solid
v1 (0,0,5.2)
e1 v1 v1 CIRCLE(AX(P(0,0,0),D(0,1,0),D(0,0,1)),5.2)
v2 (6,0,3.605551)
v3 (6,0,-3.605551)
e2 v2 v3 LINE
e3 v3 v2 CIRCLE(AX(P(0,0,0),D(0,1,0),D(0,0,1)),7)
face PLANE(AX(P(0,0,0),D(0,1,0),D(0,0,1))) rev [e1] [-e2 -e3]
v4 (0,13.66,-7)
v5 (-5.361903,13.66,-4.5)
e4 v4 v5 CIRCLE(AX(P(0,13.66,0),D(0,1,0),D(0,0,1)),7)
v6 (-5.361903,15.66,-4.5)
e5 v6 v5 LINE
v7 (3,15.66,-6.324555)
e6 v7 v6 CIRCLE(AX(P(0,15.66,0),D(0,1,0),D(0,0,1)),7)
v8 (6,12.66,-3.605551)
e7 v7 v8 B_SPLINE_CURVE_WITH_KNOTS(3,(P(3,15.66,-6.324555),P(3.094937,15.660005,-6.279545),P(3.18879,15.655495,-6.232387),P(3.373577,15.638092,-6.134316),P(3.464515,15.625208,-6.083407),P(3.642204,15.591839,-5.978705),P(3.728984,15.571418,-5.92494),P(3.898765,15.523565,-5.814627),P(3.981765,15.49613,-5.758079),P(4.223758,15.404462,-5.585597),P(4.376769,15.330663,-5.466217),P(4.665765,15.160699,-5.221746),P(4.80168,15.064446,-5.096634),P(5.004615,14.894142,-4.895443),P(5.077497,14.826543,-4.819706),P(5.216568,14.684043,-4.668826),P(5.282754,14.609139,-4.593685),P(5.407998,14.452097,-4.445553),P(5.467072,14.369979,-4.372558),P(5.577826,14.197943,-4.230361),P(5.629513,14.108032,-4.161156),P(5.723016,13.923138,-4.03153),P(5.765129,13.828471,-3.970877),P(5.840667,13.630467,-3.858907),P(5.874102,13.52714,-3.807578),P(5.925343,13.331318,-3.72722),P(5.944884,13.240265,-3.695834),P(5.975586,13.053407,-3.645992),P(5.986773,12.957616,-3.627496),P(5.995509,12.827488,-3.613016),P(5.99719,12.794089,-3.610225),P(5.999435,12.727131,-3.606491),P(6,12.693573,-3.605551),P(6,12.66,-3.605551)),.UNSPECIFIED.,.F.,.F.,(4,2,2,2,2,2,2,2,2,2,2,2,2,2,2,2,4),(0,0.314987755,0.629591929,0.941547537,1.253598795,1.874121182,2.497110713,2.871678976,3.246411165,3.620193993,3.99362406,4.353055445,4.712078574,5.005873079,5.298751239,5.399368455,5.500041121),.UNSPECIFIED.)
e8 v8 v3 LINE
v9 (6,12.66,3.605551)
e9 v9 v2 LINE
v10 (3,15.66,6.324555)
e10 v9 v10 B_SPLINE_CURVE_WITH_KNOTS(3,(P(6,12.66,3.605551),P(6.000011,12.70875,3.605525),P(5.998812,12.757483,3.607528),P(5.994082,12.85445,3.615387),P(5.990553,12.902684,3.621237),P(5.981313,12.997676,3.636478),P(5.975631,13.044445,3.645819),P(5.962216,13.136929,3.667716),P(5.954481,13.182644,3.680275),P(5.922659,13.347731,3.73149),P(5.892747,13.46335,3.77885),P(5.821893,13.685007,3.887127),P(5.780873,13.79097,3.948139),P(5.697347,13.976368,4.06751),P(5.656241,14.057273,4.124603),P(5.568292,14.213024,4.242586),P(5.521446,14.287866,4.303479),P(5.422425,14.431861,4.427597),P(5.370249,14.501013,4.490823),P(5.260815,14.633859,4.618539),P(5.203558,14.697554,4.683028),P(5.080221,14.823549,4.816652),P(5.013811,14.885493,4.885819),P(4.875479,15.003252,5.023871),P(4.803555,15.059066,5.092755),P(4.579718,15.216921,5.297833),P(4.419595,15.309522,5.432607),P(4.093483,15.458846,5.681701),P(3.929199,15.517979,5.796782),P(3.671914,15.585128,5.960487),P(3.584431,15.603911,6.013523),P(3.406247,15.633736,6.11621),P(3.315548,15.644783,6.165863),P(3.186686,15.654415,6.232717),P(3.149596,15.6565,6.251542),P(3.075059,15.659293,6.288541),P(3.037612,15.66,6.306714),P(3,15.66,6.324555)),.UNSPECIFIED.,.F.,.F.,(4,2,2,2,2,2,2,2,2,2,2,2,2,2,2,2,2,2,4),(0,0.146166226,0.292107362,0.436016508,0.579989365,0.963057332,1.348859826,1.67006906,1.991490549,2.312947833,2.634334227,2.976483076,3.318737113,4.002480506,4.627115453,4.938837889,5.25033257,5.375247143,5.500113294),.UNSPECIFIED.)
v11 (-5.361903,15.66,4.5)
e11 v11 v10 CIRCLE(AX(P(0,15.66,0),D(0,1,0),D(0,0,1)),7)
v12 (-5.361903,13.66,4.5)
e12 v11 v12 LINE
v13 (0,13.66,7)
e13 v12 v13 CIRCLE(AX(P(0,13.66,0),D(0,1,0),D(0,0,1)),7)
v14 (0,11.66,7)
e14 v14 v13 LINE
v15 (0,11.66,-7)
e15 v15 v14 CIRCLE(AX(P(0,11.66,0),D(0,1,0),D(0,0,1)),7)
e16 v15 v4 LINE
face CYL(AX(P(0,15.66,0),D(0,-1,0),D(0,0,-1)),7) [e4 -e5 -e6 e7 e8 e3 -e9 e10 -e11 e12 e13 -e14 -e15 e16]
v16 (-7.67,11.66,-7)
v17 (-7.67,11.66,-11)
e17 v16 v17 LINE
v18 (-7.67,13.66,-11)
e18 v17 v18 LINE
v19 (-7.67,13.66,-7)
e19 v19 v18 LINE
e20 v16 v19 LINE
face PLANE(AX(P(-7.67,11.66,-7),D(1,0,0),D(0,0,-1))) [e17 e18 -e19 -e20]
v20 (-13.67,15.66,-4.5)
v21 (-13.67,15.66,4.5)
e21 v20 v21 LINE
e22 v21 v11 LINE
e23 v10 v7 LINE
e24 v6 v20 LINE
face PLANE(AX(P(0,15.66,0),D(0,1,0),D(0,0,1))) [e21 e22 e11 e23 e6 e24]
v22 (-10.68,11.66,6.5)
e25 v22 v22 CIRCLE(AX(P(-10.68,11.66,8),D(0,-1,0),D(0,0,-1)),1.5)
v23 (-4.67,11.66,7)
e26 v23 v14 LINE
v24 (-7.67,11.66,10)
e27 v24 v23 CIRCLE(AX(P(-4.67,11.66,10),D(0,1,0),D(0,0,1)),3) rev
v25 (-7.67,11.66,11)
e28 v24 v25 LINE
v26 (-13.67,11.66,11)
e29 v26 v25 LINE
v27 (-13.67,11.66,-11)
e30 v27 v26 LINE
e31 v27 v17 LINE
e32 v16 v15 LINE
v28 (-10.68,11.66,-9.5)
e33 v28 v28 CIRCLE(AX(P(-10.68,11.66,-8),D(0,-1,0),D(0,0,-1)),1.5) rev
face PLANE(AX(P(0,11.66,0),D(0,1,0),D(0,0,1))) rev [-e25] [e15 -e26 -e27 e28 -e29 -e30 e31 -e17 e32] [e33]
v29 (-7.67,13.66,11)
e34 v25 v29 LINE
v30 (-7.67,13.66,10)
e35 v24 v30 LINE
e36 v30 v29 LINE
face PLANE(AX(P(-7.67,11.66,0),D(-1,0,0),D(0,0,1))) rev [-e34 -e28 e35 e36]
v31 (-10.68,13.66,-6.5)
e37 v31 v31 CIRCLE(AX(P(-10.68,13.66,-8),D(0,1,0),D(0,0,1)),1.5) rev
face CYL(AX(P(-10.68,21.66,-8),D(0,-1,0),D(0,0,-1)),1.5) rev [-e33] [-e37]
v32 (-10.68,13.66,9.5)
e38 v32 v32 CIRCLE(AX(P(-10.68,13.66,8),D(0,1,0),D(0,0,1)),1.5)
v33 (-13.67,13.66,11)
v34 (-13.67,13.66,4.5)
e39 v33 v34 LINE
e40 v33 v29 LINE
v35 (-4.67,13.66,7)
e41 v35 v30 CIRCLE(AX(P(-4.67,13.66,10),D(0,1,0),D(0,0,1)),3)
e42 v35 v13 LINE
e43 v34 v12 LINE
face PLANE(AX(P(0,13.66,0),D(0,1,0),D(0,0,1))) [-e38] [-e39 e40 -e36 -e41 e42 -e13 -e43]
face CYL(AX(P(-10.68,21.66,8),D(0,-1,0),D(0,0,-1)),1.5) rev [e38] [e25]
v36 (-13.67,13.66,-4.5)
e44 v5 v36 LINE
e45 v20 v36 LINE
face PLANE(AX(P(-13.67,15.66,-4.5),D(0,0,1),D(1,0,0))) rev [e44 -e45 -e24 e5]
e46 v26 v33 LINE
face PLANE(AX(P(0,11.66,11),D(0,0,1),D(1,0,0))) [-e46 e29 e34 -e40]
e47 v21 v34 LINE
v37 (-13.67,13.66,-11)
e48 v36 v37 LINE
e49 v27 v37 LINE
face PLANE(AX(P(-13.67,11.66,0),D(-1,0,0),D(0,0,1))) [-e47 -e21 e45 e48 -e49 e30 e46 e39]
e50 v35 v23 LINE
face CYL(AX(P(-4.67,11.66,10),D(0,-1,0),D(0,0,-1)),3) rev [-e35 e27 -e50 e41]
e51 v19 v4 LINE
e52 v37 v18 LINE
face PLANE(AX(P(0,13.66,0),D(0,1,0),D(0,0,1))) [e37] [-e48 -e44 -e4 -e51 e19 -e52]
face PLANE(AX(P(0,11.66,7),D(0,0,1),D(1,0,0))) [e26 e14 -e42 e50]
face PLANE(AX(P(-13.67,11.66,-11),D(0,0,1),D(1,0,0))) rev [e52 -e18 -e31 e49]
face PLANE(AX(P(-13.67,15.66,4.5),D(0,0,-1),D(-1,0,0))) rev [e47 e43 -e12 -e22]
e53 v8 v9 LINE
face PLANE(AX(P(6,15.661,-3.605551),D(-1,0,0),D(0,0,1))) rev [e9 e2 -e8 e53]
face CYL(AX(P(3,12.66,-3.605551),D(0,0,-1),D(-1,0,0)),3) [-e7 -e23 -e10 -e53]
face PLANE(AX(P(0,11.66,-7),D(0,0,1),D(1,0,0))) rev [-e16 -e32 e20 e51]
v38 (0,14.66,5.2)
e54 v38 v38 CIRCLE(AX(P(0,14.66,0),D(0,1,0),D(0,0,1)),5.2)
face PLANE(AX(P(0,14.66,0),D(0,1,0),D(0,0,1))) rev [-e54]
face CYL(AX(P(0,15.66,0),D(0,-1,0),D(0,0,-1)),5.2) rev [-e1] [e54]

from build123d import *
from build123d.topology import SkipClean

# Parameters (mm, degrees)
SKETCH1_R           = 7
SKETCH1_R_2         = 5.2
BOSS_EXTRUDE1_DEPTH = 15.66
BOSS_EXTRUDE2_START = -4
SKETCH2_W           = 6
SKETCH2_H           = 4
BOSS_EXTRUDE2_DEPTH = 4
CUT_EXTRUDE2_START  = -2
SKETCH2_3_W         = 6
SKETCH2_3_H         = 4
CUT_EXTRUDE2_DEPTH  = 2
SKETCH4_R           = 1.5
CUT_EXTRUDE1_DEPTH  = 10
FILLET7_R           = 3
BOSS_EXTRUDE3_START = -1
SKETCH5_R           = 5.2
BOSS_EXTRUDE3_DEPTH = 1
CUT_EXTRUDE3_DEPTH  = 15.66
FILLET8_R           = 3
BOSS_EXTRUDE4_DEPTH = 2


with BuildPart() as part:
    # Sketch1 → Boss-Extrude1 (new body)
    with BuildSketch(Plane(origin=(0, 0, 0), x_dir=(1, 0, 0), z_dir=(0, 1, 0))):
        with Locations(Location((0, 0, 0), (0, 0, 270))):
            Circle(SKETCH1_R)
        with Locations(Location((0, 0, 0), (0, 0, 270))):
            Circle(SKETCH1_R_2, mode=Mode.SUBTRACT)
    extrude(amount=BOSS_EXTRUDE1_DEPTH)

    # Sketch2 → Boss-Extrude2 (add)
    with BuildSketch(Plane(origin=(0, 15.66, 0), x_dir=(1, 0, 0), z_dir=(0, 1, 0)).offset(BOSS_EXTRUDE2_START)):
        with Locations((-10.67, -9)):
            Rectangle(SKETCH2_W, SKETCH2_H)
        with BuildLine():
            ThreePointArc((0, -7), (-7, 0), (0, 7))
            Line((0, 7), (-7.67, 7))
            Line((-7.67, 7), (-13.67, 7))
            Line((-13.67, 7), (-13.67, -7))
            Line((-13.67, -7), (-7.67, -7))
            Line((-7.67, -7), (0, -7))
        make_face()
        with Locations((-10.67, 9)):
            Rectangle(SKETCH2_W, SKETCH2_H)
    extrude(amount=BOSS_EXTRUDE2_DEPTH)

    # Sketch2<3> → Cut-Extrude2 (cut)
    with SkipClean():  # the faces are left unmerged after this step: merging them gives an invalid solid
        with BuildSketch(Plane(origin=(0, 15.66, 0), x_dir=(1, 0, 0), z_dir=(0, 1, 0)).offset(CUT_EXTRUDE2_START)):
            with BuildLine():
                ThreePointArc((0, -7), (-7, 0), (0, 7))
                Line((0, 7), (-7.67, 7))
                Line((-7.67, 7), (-13.67, 7))
                Line((-13.67, 7), (-13.67, -7))
                Line((-13.67, -7), (-7.67, -7))
                Line((-7.67, -7), (0, -7))
            make_face()
            with Locations((-10.67, 9)):
                Rectangle(SKETCH2_3_W, SKETCH2_3_H)
            with Locations((-10.67, -9)):
                Rectangle(SKETCH2_3_W, SKETCH2_3_H)
        extrude(amount=CUT_EXTRUDE2_DEPTH, mode=Mode.SUBTRACT)

    # Sketch4 → Cut-Extrude1 (cut)
    with SkipClean():  # the faces are left unmerged after this step: merging them gives an invalid solid
        with BuildSketch(Plane.XZ.offset(-11.66)):
            with Locations(Location((-10.68, -8, 0), (0, 0, 270))):
                Circle(SKETCH4_R)
            with Locations(Location((-10.68, 8, 0), (0, 0, 270))):
                Circle(SKETCH4_R)
        extrude(amount=-CUT_EXTRUDE1_DEPTH, mode=Mode.SUBTRACT)

    # Fillet7
    fillet7_edges = [part.edges().sort_by_distance(p)[0] for p in [
        (-7.67, 12.66, 7),
    ]]
    fillet(fillet7_edges, radius=FILLET7_R)

    # Sketch5 → Boss-Extrude3 (add)
    with SkipClean():  # the faces are left unmerged after this step: merging them gives an invalid solid
        with BuildSketch(Plane(origin=(0, 15.66, 0), x_dir=(1, 0, 0), z_dir=(0, 1, 0)).offset(BOSS_EXTRUDE3_START)):
            with Locations(Location((0, 0, 0), (0, 0, 270))):
                Circle(SKETCH5_R)
        extrude(amount=BOSS_EXTRUDE3_DEPTH)

    # Sketch6 → Cut-Extrude3 (cut)
    with BuildSketch(Plane.XZ):
        with BuildLine():
            Line((6, -3.605551275), (6, 3.605551275))
            ThreePointArc((6, 3.605551275), (7, 0), (6, -3.605551275))
        make_face()
    extrude(amount=-CUT_EXTRUDE3_DEPTH, mode=Mode.SUBTRACT)

    # Fillet8
    fillet8_edges = [part.edges().sort_by_distance(p)[0] for p in [
        (6, 15.66, 0),
    ]]
    fillet(fillet8_edges, radius=FILLET8_R)

    # Sketch7 → Boss-Extrude4 (add)
    with BuildSketch(Plane(origin=(0, 13.66, 0), x_dir=(1, 0, 0), z_dir=(0, 1, 0))):
        with BuildLine():
            Line((-13.67, 4.5), (-13.67, -4.5))
            Line((-13.67, -4.5), (-5.361902647, -4.5))
            ThreePointArc((-5.361902647, -4.5), (-7, 0), (-5.361902647, 4.5))
            Line((-5.361902647, 4.5), (-13.67, 4.5))
        make_face()
    extrude(amount=BOSS_EXTRUDE4_DEPTH)


solid = part.part
